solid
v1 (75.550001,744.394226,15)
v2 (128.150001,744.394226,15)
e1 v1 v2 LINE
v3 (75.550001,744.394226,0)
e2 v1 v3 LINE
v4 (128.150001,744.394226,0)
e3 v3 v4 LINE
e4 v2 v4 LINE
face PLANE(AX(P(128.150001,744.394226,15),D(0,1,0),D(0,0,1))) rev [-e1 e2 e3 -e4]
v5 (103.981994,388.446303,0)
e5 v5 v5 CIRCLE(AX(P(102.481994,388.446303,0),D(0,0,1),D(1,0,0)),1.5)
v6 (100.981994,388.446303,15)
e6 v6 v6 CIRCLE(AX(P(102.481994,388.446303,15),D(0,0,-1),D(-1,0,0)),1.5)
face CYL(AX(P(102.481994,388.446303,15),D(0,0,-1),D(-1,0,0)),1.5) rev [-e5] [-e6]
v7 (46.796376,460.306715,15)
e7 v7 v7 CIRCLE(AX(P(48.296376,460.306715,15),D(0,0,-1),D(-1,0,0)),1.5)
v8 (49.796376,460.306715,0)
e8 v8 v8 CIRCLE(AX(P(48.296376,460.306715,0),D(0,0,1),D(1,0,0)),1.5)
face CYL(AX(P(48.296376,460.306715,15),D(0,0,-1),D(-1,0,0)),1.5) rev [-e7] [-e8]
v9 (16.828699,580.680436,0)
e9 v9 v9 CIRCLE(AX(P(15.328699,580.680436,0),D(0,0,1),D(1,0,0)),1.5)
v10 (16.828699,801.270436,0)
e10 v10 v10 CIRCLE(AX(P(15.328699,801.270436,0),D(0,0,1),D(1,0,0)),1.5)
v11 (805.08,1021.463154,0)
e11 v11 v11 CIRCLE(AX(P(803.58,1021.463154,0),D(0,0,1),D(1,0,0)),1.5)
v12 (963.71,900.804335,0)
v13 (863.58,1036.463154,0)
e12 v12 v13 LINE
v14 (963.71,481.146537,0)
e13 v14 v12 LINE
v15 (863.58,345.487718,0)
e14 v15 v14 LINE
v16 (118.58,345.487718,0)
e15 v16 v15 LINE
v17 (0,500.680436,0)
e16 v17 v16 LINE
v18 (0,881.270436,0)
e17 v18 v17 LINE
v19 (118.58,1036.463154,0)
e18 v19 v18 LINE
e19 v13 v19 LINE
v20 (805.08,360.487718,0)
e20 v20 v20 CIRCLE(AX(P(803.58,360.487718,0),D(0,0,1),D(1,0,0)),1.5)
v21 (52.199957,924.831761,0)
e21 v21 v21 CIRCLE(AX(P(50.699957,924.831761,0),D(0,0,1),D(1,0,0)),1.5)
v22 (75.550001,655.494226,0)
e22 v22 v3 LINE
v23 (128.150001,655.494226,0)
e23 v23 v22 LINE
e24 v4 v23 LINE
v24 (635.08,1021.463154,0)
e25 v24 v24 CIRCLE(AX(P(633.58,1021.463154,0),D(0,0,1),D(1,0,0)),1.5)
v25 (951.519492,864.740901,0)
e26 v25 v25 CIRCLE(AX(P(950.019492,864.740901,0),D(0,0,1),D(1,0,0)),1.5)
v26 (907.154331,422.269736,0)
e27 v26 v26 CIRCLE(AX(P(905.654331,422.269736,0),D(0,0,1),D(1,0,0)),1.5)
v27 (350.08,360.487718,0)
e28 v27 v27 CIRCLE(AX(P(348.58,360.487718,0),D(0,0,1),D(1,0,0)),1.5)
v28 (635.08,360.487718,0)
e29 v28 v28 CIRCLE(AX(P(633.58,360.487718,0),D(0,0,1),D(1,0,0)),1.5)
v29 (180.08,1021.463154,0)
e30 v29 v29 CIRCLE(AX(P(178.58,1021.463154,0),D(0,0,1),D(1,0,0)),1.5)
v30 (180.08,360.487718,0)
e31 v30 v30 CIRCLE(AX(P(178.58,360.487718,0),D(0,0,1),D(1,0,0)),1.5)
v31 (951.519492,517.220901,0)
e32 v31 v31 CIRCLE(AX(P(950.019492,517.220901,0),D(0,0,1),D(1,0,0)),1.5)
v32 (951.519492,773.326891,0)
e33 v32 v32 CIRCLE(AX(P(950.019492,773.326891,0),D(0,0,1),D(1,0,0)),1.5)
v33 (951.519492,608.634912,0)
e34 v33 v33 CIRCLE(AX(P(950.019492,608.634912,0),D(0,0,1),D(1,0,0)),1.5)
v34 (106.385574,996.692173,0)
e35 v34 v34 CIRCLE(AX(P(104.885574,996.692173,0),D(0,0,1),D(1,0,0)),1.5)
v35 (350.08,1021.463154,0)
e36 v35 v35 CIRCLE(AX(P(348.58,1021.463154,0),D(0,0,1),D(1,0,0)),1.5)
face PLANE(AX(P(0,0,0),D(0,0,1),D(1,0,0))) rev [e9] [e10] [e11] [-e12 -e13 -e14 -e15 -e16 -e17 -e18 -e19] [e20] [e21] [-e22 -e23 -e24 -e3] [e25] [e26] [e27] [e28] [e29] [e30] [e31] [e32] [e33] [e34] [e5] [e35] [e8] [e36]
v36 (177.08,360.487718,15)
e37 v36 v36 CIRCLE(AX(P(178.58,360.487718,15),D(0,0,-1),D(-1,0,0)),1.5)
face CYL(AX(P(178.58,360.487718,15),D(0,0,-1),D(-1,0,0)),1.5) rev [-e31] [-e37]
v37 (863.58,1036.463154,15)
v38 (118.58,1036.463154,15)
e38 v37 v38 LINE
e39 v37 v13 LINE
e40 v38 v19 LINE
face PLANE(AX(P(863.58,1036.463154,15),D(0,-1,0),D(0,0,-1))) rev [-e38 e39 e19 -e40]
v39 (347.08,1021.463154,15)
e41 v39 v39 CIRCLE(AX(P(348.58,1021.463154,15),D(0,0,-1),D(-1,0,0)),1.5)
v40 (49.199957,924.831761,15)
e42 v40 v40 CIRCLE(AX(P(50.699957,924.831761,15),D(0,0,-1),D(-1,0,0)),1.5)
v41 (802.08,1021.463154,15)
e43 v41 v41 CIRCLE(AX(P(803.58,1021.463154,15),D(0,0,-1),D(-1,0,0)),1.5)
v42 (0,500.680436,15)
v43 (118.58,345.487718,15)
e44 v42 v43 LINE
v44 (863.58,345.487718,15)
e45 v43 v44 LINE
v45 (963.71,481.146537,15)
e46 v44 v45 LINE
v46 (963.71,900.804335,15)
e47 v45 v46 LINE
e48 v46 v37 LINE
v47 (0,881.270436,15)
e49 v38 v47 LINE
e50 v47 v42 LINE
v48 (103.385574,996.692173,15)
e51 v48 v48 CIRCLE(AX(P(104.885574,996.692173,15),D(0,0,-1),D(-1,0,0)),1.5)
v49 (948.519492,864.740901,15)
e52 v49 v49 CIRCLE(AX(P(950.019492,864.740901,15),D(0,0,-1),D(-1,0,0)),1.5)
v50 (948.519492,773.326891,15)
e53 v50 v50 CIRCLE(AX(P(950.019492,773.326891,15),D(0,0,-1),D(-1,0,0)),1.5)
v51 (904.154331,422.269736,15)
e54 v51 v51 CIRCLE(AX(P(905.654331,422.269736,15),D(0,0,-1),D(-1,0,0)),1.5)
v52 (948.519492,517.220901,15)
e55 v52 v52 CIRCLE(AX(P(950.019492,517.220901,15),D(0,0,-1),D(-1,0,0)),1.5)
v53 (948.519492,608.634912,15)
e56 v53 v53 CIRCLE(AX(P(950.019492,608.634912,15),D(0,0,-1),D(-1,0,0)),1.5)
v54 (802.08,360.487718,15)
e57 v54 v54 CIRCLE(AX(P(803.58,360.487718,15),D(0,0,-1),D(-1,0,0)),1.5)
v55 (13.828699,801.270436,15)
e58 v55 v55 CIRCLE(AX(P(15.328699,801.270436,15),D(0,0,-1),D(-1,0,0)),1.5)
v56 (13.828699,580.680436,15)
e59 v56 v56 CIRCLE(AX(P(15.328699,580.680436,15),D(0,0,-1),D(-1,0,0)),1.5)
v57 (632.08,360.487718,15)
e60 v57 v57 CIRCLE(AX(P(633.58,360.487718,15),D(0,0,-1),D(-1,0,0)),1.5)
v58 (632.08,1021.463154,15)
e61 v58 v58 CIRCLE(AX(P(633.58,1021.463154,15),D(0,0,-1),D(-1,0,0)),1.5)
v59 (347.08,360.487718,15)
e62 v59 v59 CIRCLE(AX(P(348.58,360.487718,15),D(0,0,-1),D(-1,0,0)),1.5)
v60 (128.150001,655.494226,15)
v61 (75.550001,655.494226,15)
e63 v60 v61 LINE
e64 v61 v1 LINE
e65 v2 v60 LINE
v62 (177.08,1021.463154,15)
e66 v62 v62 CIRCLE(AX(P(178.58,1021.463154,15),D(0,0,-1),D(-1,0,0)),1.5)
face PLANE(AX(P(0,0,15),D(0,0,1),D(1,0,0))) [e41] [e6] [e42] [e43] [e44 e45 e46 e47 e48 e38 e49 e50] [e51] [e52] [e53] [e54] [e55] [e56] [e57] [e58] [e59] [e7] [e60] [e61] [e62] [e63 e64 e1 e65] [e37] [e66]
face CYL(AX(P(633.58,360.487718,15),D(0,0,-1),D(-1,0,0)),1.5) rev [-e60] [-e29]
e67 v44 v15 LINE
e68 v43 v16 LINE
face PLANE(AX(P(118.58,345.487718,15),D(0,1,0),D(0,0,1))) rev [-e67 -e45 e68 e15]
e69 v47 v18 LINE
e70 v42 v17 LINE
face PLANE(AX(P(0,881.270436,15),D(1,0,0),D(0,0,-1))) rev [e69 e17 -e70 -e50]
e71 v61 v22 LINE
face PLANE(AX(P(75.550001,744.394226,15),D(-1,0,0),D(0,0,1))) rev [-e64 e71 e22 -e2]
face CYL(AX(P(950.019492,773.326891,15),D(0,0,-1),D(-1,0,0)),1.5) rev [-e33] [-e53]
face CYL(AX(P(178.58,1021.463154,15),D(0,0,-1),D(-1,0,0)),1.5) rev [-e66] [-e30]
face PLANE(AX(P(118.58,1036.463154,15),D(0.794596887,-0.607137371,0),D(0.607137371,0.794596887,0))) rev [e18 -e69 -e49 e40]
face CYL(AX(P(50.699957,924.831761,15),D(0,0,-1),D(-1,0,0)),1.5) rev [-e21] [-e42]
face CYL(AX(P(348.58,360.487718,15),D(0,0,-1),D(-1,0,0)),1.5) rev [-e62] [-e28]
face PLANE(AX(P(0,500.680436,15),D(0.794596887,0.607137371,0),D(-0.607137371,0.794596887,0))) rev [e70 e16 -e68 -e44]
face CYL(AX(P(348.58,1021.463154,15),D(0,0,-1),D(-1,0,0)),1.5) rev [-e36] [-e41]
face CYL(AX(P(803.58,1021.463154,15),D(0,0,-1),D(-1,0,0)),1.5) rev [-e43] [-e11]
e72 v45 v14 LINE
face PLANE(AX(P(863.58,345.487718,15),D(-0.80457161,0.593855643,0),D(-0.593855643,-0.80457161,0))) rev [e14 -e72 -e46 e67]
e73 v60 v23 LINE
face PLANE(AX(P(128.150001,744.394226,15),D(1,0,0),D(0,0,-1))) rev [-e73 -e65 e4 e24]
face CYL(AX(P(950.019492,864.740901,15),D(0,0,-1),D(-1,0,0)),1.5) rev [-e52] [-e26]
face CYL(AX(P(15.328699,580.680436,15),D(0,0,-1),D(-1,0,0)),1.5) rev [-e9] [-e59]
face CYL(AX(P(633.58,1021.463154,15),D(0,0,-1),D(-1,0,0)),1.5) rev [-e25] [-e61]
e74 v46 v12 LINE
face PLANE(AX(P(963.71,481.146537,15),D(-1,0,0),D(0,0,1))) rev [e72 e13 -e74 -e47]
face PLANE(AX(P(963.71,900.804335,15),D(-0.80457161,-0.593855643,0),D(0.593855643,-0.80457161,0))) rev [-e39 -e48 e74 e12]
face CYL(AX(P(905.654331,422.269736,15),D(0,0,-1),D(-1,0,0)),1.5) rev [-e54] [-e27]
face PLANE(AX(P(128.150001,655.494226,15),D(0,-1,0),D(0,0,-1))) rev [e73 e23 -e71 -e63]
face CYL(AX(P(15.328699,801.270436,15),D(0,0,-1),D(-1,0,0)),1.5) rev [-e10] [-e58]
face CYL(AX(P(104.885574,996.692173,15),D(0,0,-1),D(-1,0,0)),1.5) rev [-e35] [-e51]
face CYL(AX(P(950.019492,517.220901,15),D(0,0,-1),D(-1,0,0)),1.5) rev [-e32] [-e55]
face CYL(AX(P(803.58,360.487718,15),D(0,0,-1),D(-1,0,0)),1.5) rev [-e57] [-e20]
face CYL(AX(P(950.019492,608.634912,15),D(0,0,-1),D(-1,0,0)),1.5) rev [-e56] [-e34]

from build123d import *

# Parameters (mm, degrees)
BOSS_EXTRUDE1_DEPTH     = 15
SKETCH9_R               = 1.5
CUT_EXTRUDE1_DEPTH      = 1
CUT_EXTRUDE1_DEPTH_BACK = 16
SKETCH10_W              = 52.6
SKETCH10_H              = 88.9
CUT_EXTRUDE2_DEPTH      = 16


with BuildPart() as part:
    # Sketch2 → Boss-Extrude1 (new body)
    with BuildSketch(Plane.XY):
        Polygon((0, 500.68043587), (118.58, 345.487717935), (863.58, 345.487717935), (963.71, 481.146537036), (963.71, 900.804334703), (863.58, 1036.463153804), (118.58, 1036.463153804), (0, 881.27043587), align=None)
    extrude(amount=BOSS_EXTRUDE1_DEPTH)

    # Sketch9 → Cut-Extrude1 (cut, two sides)
    with BuildSketch(Plane(origin=(0, 0, 0), x_dir=(-1, 0, 0), z_dir=(0, 0, -1))) as cut_extrude1_sk:
        with Locations((-803.58, 1021.463153804)):
            Circle(SKETCH9_R)
        with Locations((-633.58, 1021.463153804)):
            Circle(SKETCH9_R)
        with Locations((-348.58, 1021.463153804)):
            Circle(SKETCH9_R)
        with Locations((-178.58, 1021.463153804)):
            Circle(SKETCH9_R)
        with Locations((-178.58, 360.487717935)):
            Circle(SKETCH9_R)
        with Locations((-348.58, 360.487717935)):
            Circle(SKETCH9_R)
        with Locations((-633.58, 360.487717935)):
            Circle(SKETCH9_R)
        with Locations((-803.58, 360.487717935)):
            Circle(SKETCH9_R)
        with Locations((-905.654330921, 422.269736472)):
            Circle(SKETCH9_R)
        with Locations((-950.019491684, 517.22090145)):
            Circle(SKETCH9_R)
        with Locations((-950.019491684, 864.74090145)):
            Circle(SKETCH9_R)
        with Locations((-950.019491684, 773.32689058)):
            Circle(SKETCH9_R)
        with Locations((-950.019491684, 608.634912319)):
            Circle(SKETCH9_R)
        with BuildLine():
            ThreePointArc((-49.79686308, 923.634087088), (-49.502283169, 925.734854252), (-51.603050333, 926.029434163))
            ThreePointArc((-51.603050333, 926.029434163), (-51.897630244, 923.928666999), (-49.79686308, 923.634087088))
        make_face()
        with BuildLine():
            ThreePointArc((-103.982480668, 995.494499324), (-103.687900757, 997.595266487), (-105.78866792, 997.889846398))
            ThreePointArc((-105.78866792, 997.889846398), (-106.083247831, 995.789079234), (-103.982480668, 995.494499324))
        make_face()
        with BuildLine():
            ThreePointArc((-15.328698966, 802.77043587), (-16.828698966, 801.27043587), (-15.328698966, 799.77043587))
            ThreePointArc((-15.328698966, 799.77043587), (-13.828698966, 801.27043587), (-15.328698966, 802.77043587))
        make_face()
        with BuildLine():
            ThreePointArc((-15.328698966, 582.18043587), (-16.828698966, 580.68043587), (-15.328698966, 579.18043587))
            ThreePointArc((-15.328698966, 579.18043587), (-13.828698966, 580.68043587), (-15.328698966, 582.18043587))
        make_face()
        with BuildLine():
            ThreePointArc((-49.199469581, 459.109041803), (-47.098702418, 459.403621714), (-47.393282329, 461.504388877))
            ThreePointArc((-47.393282329, 461.504388877), (-49.494049492, 461.209808967), (-49.199469581, 459.109041803))
        make_face()
        with BuildLine():
            ThreePointArc((-103.385087169, 387.248629567), (-101.284320005, 387.543209478), (-101.578899916, 389.643976642))
            ThreePointArc((-101.578899916, 389.643976642), (-103.67966708, 389.349396731), (-103.385087169, 387.248629567))
        make_face()
    extrude(amount=CUT_EXTRUDE1_DEPTH, mode=Mode.SUBTRACT)
    extrude(cut_extrude1_sk.sketch, amount=-CUT_EXTRUDE1_DEPTH_BACK, mode=Mode.SUBTRACT)

    # Sketch10 → Cut-Extrude2 (cut, through all)
    with BuildSketch(Plane(origin=(0, 0, 0), x_dir=(-1, 0, 0), z_dir=(0, 0, -1))):
        with Locations((-101.850001448, 699.944225973)):
            Rectangle(SKETCH10_W, SKETCH10_H)
    extrude(amount=-CUT_EXTRUDE2_DEPTH, mode=Mode.SUBTRACT)


solid = part.part
